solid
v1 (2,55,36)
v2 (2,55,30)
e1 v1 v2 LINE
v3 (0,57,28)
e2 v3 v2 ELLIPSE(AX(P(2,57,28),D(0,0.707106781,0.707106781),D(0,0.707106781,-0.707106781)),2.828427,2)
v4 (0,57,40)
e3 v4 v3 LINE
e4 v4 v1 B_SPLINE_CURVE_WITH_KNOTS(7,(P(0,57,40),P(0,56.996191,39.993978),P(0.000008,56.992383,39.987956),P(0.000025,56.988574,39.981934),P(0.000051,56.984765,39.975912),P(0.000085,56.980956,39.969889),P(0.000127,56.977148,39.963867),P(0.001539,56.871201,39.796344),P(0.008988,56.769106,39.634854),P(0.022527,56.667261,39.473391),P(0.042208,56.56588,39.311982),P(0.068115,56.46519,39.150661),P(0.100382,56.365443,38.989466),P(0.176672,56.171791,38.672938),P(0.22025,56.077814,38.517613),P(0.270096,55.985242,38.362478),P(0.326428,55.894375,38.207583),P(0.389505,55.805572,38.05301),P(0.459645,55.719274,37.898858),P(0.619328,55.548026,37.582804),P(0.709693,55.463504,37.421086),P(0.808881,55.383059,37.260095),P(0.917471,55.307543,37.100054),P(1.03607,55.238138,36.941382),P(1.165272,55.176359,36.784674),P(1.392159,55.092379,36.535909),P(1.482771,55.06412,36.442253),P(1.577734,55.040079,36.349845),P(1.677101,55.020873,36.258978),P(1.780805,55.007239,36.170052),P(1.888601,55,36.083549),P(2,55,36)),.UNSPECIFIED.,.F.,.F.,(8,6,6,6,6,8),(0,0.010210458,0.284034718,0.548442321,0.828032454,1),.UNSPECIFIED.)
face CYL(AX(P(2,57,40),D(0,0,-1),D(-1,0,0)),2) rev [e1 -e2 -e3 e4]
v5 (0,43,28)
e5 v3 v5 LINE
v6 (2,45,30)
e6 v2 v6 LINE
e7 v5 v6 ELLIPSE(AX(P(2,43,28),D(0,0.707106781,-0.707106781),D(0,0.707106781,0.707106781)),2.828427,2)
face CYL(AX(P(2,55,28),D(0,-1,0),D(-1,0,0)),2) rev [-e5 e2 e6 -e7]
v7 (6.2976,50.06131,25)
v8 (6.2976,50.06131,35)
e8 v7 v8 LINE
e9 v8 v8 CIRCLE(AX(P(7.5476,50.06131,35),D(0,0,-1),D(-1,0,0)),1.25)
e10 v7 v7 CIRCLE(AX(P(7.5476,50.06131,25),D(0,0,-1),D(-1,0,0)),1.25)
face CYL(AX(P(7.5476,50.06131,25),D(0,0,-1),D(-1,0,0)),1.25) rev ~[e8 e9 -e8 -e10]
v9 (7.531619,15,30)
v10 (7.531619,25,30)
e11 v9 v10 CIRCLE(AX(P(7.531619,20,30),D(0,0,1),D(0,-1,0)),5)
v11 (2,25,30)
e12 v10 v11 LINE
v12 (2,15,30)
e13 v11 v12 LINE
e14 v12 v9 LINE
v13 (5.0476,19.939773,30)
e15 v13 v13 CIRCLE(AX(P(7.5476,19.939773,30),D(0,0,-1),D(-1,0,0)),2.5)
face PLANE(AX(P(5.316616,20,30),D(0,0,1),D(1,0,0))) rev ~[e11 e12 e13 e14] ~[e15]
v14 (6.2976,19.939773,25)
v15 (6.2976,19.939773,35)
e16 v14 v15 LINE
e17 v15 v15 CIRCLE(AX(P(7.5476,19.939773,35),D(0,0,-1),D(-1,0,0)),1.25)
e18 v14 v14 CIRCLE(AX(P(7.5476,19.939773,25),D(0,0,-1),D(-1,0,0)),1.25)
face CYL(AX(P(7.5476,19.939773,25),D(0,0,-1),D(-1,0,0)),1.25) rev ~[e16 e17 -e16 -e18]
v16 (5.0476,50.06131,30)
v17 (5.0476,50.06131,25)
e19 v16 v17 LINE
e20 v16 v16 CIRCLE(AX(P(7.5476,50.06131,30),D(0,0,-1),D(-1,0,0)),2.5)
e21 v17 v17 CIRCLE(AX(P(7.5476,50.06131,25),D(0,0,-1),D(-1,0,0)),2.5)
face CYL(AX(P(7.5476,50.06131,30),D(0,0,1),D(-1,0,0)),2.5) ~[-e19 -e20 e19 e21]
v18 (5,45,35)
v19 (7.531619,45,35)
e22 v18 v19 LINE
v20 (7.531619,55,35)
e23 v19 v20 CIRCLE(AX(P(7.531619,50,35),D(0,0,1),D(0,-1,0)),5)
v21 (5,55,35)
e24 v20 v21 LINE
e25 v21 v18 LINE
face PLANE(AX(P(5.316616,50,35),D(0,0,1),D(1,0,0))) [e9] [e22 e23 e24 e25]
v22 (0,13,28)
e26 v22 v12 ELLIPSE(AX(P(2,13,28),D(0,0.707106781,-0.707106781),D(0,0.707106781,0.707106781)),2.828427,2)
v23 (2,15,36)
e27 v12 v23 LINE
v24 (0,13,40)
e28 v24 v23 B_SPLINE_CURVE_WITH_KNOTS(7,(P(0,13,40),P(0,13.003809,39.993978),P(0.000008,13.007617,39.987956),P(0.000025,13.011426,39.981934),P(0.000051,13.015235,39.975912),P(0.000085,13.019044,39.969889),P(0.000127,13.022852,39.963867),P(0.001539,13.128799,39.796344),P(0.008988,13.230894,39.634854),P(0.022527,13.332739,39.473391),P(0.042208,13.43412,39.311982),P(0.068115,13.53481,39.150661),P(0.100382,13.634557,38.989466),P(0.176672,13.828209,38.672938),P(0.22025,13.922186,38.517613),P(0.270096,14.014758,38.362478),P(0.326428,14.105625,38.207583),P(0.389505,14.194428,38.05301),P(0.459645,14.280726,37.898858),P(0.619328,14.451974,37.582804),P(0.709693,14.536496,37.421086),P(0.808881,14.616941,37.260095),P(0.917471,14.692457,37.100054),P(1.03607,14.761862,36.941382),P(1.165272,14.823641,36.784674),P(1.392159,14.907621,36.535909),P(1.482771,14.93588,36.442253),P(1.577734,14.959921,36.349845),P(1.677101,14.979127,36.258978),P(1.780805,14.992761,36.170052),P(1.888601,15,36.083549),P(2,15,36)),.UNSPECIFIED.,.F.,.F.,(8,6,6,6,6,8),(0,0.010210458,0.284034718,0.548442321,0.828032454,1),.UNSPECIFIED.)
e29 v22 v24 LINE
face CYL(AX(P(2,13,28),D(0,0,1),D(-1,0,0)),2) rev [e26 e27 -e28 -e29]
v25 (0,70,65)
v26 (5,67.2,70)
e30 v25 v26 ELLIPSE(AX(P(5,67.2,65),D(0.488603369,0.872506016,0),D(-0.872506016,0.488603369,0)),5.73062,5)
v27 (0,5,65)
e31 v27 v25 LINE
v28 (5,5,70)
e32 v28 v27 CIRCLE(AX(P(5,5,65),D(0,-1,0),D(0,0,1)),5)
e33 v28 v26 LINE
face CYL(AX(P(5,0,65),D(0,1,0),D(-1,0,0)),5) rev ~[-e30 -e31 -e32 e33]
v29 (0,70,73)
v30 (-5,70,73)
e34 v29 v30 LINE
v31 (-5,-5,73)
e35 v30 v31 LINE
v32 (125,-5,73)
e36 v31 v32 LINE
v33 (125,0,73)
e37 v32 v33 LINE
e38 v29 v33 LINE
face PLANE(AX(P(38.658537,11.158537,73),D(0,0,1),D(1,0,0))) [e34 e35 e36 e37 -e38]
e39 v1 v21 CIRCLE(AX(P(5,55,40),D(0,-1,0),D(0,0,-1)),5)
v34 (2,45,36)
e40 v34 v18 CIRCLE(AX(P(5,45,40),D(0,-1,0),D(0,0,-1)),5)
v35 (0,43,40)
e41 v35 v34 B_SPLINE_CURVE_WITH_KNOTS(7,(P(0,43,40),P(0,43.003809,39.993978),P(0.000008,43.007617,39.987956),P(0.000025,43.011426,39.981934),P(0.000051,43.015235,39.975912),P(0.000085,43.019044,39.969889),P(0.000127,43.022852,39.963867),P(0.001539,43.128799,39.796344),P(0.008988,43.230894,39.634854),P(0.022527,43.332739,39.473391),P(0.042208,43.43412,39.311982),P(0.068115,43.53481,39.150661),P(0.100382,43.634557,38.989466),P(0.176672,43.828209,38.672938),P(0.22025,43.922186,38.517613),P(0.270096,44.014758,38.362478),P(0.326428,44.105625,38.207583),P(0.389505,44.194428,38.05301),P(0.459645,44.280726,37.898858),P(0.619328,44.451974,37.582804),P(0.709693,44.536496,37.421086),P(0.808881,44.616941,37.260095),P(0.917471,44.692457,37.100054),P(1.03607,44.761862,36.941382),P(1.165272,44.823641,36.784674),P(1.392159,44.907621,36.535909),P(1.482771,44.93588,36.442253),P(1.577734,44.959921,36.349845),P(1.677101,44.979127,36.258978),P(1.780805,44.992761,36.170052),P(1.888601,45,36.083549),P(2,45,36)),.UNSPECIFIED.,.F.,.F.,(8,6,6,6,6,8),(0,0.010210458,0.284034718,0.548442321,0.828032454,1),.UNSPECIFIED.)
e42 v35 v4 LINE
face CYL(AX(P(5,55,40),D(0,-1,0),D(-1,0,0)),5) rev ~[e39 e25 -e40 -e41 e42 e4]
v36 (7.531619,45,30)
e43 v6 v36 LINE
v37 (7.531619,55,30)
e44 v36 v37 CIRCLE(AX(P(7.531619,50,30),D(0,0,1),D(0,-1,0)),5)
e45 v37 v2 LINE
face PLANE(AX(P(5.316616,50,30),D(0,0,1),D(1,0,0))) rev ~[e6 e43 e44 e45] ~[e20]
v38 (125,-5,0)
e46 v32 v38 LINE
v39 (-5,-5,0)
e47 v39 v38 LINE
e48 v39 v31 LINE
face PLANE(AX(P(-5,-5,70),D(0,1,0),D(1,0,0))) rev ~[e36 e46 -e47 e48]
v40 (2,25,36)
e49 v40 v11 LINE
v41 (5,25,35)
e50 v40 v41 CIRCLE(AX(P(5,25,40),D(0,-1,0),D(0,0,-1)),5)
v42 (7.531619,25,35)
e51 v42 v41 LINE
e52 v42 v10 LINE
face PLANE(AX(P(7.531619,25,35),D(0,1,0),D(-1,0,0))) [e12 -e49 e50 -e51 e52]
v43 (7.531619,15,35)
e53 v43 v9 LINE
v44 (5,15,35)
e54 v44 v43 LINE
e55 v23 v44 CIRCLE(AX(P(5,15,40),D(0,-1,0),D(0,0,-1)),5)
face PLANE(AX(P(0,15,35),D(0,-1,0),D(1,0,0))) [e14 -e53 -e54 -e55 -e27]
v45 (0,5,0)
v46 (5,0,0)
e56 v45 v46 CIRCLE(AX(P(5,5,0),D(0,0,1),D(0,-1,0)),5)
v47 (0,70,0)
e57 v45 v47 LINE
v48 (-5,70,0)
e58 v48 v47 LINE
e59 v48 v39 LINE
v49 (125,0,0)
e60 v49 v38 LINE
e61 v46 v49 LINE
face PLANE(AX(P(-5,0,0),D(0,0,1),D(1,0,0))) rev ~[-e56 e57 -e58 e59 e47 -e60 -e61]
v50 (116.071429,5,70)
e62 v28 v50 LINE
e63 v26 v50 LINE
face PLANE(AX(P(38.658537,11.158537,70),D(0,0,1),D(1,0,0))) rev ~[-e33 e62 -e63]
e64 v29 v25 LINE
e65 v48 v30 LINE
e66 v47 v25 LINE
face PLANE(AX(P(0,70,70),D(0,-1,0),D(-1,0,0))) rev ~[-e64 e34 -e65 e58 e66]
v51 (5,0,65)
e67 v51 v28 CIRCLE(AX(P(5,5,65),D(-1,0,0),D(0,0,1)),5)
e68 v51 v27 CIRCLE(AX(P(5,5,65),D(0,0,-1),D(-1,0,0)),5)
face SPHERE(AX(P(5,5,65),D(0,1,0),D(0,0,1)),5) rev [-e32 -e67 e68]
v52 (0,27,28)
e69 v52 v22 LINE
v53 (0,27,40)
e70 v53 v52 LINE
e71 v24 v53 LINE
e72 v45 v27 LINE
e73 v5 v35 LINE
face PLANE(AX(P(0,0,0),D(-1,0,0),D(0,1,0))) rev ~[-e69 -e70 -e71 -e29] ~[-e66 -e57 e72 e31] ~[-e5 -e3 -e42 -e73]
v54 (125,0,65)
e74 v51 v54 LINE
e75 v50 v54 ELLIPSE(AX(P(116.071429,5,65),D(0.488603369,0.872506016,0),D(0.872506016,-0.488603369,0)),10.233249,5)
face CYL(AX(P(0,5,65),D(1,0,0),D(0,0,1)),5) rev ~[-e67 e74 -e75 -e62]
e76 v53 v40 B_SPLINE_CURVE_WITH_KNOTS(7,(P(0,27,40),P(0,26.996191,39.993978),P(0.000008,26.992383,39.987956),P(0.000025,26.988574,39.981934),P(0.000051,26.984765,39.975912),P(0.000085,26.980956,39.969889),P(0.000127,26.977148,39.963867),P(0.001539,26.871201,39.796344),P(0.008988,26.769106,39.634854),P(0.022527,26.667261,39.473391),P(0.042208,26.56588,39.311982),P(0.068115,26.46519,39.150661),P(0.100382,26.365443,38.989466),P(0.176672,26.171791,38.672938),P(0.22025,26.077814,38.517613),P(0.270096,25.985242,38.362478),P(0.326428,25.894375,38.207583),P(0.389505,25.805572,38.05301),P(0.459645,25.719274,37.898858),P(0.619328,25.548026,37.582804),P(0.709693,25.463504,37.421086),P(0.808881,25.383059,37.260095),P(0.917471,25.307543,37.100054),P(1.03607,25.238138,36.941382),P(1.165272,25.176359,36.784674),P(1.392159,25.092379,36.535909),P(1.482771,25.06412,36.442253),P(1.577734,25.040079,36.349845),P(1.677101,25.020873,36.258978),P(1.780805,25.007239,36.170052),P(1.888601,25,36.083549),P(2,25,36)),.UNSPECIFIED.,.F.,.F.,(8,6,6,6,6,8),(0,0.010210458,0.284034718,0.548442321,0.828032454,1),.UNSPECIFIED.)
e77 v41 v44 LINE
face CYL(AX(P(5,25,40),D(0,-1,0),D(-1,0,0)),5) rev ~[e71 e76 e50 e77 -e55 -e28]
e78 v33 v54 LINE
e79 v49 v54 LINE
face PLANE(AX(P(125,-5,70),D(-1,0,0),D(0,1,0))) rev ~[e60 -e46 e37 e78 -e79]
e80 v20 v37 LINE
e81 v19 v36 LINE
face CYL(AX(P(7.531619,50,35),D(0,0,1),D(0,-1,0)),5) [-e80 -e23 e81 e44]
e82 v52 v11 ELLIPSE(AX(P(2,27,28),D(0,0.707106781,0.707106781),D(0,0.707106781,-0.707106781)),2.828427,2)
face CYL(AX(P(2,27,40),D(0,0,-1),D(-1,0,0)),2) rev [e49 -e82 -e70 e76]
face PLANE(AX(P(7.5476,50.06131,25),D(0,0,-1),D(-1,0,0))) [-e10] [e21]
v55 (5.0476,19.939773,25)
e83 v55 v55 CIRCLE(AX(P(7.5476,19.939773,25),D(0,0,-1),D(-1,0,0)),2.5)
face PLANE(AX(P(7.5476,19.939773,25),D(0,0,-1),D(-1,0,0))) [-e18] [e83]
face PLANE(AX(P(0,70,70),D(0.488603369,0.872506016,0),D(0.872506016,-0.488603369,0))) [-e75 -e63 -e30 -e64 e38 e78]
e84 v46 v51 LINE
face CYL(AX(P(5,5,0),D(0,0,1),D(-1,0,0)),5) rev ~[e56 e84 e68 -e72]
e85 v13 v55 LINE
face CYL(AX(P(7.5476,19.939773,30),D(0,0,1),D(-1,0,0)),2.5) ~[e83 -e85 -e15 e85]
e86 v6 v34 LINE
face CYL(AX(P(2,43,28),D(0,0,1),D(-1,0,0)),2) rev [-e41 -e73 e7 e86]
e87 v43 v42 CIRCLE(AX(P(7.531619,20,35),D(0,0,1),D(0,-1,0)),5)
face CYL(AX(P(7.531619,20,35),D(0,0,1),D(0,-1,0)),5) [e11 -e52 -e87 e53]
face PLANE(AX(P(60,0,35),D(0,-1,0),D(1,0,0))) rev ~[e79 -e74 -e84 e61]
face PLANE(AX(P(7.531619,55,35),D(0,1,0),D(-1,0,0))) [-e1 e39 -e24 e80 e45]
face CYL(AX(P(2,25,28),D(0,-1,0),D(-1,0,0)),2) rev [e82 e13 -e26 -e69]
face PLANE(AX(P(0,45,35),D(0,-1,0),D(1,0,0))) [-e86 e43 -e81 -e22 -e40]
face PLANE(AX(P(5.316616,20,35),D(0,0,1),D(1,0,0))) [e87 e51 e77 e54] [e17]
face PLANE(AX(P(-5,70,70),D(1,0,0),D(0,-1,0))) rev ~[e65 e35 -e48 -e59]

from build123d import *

# Parameters (mm, degrees)
SCHIZZO1_W                   = 5
SCHIZZO1_H                   = 70
ESTRUSIONE_ESTRUSIONE1_DEPTH = 70
ESTRUSIONE_ESTRUSIONE2_START = -35
ESTRUSIONE_ESTRUSIONE2_DEPTH = 5
SCHIZZO3_R                   = 2.5
ESTRUSIONE_ESTRUSIONE3_DEPTH = 5
SCHIZZO4_W                   = 130
SCHIZZO4_H                   = 70
ESTRUSIONE_ESTRUSIONE4_DEPTH = 5
SCHIZZO5_R                   = 1.25
TAGLIO_ESTRUSIONE1_DEPTH     = 151.166574177
ESTRUSIONE_ESTRUSIONE5_DEPTH = 3
RACCORDO1_R                  = 5
RACCORDO2_R                  = 5
RACCORDO3_R                  = 2
RACCORDO4_R                  = 2


with BuildPart() as part:
    # Schizzo1 → Estrusione-Estrusione1 (new body)
    with BuildSketch(Plane.XY):
        with Locations((-2.5, 35)):
            Rectangle(SCHIZZO1_W, SCHIZZO1_H)
    extrude(amount=ESTRUSIONE_ESTRUSIONE1_DEPTH)

    # Schizzo2 → Estrusione-Estrusione2 (add)
    with BuildSketch(Plane.XY.offset(70).offset(ESTRUSIONE_ESTRUSIONE2_START)):
        with BuildLine():
            Line((0, 55), (0, 45))
            Line((0, 45), (7.531619243, 45))
            ThreePointArc((7.531619243, 45), (12.531619243, 50), (7.531619243, 55))
            Line((7.531619243, 55), (0, 55))
        make_face()
        with BuildLine():
            Line((0, 25), (0, 15))
            Line((0, 15), (7.531619243, 15))
            ThreePointArc((7.531619243, 15), (12.531619243, 20), (7.531619243, 25))
            Line((7.531619243, 25), (0, 25))
        make_face()
    extrude(amount=-ESTRUSIONE_ESTRUSIONE2_DEPTH)

    # Schizzo3 → Estrusione-Estrusione3 (add)
    with BuildSketch(Plane(origin=(0, 0, 30), x_dir=(-1, 0, 0), z_dir=(0, 0, -1))):
        with Locations((-7.547600082, 50.061310314)):
            Circle(SCHIZZO3_R)
        with Locations((-7.547600082, 19.939772921)):
            Circle(SCHIZZO3_R)
    extrude(amount=ESTRUSIONE_ESTRUSIONE3_DEPTH)

    # Schizzo4 → Estrusione-Estrusione4 (add)
    with BuildSketch(Plane.XZ):
        with Locations((60, 35)):
            Rectangle(SCHIZZO4_W, SCHIZZO4_H)
    extrude(amount=ESTRUSIONE_ESTRUSIONE4_DEPTH)

    # Schizzo5 → Taglio-Estrusione1 (cut, through all)
    with BuildSketch(Plane(origin=(0, 0, 25), x_dir=(-1, 0, 0), z_dir=(0, 0, -1))):
        with Locations((-7.547600082, 50.061310314)):
            Circle(SCHIZZO5_R)
        with Locations((-7.547600082, 19.939772921)):
            Circle(SCHIZZO5_R)
    extrude(amount=-TAGLIO_ESTRUSIONE1_DEPTH, mode=Mode.SUBTRACT)

    # Schizzo6 → Estrusione-Estrusione5 (add)
    with BuildSketch(Plane.XY.offset(70)):
        Polygon((125, 0), (0, 70), (-5, 70), (-5, -5), (125, -5), align=None)
    extrude(amount=ESTRUSIONE_ESTRUSIONE5_DEPTH)

    # Raccordo1
    raccordo1_edges = [part.edges().sort_by_distance(p)[0] for p in [
        (0, 0, 35),
        (0, 35, 70),
        (62.5, 0, 70),
    ]]
    fillet(raccordo1_edges, radius=RACCORDO1_R)

    # Raccordo2
    raccordo2_edges = [part.edges().sort_by_distance(p)[0] for p in [
        (0, 20, 35),
        (0, 50, 35),
    ]]
    fillet(raccordo2_edges, radius=RACCORDO2_R)

    # Raccordo3
    raccordo3_edges = [part.edges().sort_by_distance(p)[0] for p in [
        (0, 20, 30),
        (0, 50, 30),
    ]]
    fillet(raccordo3_edges, radius=RACCORDO3_R)

    # Raccordo4
    raccordo4_edges = [part.edges().sort_by_distance(p)[0] for p in [
        (0, 25, 34),
        (0, 15, 34),
        (0, 45, 34),
        (0, 55, 34),
    ]]
    fillet(raccordo4_edges, radius=RACCORDO4_R)


solid = part.part
